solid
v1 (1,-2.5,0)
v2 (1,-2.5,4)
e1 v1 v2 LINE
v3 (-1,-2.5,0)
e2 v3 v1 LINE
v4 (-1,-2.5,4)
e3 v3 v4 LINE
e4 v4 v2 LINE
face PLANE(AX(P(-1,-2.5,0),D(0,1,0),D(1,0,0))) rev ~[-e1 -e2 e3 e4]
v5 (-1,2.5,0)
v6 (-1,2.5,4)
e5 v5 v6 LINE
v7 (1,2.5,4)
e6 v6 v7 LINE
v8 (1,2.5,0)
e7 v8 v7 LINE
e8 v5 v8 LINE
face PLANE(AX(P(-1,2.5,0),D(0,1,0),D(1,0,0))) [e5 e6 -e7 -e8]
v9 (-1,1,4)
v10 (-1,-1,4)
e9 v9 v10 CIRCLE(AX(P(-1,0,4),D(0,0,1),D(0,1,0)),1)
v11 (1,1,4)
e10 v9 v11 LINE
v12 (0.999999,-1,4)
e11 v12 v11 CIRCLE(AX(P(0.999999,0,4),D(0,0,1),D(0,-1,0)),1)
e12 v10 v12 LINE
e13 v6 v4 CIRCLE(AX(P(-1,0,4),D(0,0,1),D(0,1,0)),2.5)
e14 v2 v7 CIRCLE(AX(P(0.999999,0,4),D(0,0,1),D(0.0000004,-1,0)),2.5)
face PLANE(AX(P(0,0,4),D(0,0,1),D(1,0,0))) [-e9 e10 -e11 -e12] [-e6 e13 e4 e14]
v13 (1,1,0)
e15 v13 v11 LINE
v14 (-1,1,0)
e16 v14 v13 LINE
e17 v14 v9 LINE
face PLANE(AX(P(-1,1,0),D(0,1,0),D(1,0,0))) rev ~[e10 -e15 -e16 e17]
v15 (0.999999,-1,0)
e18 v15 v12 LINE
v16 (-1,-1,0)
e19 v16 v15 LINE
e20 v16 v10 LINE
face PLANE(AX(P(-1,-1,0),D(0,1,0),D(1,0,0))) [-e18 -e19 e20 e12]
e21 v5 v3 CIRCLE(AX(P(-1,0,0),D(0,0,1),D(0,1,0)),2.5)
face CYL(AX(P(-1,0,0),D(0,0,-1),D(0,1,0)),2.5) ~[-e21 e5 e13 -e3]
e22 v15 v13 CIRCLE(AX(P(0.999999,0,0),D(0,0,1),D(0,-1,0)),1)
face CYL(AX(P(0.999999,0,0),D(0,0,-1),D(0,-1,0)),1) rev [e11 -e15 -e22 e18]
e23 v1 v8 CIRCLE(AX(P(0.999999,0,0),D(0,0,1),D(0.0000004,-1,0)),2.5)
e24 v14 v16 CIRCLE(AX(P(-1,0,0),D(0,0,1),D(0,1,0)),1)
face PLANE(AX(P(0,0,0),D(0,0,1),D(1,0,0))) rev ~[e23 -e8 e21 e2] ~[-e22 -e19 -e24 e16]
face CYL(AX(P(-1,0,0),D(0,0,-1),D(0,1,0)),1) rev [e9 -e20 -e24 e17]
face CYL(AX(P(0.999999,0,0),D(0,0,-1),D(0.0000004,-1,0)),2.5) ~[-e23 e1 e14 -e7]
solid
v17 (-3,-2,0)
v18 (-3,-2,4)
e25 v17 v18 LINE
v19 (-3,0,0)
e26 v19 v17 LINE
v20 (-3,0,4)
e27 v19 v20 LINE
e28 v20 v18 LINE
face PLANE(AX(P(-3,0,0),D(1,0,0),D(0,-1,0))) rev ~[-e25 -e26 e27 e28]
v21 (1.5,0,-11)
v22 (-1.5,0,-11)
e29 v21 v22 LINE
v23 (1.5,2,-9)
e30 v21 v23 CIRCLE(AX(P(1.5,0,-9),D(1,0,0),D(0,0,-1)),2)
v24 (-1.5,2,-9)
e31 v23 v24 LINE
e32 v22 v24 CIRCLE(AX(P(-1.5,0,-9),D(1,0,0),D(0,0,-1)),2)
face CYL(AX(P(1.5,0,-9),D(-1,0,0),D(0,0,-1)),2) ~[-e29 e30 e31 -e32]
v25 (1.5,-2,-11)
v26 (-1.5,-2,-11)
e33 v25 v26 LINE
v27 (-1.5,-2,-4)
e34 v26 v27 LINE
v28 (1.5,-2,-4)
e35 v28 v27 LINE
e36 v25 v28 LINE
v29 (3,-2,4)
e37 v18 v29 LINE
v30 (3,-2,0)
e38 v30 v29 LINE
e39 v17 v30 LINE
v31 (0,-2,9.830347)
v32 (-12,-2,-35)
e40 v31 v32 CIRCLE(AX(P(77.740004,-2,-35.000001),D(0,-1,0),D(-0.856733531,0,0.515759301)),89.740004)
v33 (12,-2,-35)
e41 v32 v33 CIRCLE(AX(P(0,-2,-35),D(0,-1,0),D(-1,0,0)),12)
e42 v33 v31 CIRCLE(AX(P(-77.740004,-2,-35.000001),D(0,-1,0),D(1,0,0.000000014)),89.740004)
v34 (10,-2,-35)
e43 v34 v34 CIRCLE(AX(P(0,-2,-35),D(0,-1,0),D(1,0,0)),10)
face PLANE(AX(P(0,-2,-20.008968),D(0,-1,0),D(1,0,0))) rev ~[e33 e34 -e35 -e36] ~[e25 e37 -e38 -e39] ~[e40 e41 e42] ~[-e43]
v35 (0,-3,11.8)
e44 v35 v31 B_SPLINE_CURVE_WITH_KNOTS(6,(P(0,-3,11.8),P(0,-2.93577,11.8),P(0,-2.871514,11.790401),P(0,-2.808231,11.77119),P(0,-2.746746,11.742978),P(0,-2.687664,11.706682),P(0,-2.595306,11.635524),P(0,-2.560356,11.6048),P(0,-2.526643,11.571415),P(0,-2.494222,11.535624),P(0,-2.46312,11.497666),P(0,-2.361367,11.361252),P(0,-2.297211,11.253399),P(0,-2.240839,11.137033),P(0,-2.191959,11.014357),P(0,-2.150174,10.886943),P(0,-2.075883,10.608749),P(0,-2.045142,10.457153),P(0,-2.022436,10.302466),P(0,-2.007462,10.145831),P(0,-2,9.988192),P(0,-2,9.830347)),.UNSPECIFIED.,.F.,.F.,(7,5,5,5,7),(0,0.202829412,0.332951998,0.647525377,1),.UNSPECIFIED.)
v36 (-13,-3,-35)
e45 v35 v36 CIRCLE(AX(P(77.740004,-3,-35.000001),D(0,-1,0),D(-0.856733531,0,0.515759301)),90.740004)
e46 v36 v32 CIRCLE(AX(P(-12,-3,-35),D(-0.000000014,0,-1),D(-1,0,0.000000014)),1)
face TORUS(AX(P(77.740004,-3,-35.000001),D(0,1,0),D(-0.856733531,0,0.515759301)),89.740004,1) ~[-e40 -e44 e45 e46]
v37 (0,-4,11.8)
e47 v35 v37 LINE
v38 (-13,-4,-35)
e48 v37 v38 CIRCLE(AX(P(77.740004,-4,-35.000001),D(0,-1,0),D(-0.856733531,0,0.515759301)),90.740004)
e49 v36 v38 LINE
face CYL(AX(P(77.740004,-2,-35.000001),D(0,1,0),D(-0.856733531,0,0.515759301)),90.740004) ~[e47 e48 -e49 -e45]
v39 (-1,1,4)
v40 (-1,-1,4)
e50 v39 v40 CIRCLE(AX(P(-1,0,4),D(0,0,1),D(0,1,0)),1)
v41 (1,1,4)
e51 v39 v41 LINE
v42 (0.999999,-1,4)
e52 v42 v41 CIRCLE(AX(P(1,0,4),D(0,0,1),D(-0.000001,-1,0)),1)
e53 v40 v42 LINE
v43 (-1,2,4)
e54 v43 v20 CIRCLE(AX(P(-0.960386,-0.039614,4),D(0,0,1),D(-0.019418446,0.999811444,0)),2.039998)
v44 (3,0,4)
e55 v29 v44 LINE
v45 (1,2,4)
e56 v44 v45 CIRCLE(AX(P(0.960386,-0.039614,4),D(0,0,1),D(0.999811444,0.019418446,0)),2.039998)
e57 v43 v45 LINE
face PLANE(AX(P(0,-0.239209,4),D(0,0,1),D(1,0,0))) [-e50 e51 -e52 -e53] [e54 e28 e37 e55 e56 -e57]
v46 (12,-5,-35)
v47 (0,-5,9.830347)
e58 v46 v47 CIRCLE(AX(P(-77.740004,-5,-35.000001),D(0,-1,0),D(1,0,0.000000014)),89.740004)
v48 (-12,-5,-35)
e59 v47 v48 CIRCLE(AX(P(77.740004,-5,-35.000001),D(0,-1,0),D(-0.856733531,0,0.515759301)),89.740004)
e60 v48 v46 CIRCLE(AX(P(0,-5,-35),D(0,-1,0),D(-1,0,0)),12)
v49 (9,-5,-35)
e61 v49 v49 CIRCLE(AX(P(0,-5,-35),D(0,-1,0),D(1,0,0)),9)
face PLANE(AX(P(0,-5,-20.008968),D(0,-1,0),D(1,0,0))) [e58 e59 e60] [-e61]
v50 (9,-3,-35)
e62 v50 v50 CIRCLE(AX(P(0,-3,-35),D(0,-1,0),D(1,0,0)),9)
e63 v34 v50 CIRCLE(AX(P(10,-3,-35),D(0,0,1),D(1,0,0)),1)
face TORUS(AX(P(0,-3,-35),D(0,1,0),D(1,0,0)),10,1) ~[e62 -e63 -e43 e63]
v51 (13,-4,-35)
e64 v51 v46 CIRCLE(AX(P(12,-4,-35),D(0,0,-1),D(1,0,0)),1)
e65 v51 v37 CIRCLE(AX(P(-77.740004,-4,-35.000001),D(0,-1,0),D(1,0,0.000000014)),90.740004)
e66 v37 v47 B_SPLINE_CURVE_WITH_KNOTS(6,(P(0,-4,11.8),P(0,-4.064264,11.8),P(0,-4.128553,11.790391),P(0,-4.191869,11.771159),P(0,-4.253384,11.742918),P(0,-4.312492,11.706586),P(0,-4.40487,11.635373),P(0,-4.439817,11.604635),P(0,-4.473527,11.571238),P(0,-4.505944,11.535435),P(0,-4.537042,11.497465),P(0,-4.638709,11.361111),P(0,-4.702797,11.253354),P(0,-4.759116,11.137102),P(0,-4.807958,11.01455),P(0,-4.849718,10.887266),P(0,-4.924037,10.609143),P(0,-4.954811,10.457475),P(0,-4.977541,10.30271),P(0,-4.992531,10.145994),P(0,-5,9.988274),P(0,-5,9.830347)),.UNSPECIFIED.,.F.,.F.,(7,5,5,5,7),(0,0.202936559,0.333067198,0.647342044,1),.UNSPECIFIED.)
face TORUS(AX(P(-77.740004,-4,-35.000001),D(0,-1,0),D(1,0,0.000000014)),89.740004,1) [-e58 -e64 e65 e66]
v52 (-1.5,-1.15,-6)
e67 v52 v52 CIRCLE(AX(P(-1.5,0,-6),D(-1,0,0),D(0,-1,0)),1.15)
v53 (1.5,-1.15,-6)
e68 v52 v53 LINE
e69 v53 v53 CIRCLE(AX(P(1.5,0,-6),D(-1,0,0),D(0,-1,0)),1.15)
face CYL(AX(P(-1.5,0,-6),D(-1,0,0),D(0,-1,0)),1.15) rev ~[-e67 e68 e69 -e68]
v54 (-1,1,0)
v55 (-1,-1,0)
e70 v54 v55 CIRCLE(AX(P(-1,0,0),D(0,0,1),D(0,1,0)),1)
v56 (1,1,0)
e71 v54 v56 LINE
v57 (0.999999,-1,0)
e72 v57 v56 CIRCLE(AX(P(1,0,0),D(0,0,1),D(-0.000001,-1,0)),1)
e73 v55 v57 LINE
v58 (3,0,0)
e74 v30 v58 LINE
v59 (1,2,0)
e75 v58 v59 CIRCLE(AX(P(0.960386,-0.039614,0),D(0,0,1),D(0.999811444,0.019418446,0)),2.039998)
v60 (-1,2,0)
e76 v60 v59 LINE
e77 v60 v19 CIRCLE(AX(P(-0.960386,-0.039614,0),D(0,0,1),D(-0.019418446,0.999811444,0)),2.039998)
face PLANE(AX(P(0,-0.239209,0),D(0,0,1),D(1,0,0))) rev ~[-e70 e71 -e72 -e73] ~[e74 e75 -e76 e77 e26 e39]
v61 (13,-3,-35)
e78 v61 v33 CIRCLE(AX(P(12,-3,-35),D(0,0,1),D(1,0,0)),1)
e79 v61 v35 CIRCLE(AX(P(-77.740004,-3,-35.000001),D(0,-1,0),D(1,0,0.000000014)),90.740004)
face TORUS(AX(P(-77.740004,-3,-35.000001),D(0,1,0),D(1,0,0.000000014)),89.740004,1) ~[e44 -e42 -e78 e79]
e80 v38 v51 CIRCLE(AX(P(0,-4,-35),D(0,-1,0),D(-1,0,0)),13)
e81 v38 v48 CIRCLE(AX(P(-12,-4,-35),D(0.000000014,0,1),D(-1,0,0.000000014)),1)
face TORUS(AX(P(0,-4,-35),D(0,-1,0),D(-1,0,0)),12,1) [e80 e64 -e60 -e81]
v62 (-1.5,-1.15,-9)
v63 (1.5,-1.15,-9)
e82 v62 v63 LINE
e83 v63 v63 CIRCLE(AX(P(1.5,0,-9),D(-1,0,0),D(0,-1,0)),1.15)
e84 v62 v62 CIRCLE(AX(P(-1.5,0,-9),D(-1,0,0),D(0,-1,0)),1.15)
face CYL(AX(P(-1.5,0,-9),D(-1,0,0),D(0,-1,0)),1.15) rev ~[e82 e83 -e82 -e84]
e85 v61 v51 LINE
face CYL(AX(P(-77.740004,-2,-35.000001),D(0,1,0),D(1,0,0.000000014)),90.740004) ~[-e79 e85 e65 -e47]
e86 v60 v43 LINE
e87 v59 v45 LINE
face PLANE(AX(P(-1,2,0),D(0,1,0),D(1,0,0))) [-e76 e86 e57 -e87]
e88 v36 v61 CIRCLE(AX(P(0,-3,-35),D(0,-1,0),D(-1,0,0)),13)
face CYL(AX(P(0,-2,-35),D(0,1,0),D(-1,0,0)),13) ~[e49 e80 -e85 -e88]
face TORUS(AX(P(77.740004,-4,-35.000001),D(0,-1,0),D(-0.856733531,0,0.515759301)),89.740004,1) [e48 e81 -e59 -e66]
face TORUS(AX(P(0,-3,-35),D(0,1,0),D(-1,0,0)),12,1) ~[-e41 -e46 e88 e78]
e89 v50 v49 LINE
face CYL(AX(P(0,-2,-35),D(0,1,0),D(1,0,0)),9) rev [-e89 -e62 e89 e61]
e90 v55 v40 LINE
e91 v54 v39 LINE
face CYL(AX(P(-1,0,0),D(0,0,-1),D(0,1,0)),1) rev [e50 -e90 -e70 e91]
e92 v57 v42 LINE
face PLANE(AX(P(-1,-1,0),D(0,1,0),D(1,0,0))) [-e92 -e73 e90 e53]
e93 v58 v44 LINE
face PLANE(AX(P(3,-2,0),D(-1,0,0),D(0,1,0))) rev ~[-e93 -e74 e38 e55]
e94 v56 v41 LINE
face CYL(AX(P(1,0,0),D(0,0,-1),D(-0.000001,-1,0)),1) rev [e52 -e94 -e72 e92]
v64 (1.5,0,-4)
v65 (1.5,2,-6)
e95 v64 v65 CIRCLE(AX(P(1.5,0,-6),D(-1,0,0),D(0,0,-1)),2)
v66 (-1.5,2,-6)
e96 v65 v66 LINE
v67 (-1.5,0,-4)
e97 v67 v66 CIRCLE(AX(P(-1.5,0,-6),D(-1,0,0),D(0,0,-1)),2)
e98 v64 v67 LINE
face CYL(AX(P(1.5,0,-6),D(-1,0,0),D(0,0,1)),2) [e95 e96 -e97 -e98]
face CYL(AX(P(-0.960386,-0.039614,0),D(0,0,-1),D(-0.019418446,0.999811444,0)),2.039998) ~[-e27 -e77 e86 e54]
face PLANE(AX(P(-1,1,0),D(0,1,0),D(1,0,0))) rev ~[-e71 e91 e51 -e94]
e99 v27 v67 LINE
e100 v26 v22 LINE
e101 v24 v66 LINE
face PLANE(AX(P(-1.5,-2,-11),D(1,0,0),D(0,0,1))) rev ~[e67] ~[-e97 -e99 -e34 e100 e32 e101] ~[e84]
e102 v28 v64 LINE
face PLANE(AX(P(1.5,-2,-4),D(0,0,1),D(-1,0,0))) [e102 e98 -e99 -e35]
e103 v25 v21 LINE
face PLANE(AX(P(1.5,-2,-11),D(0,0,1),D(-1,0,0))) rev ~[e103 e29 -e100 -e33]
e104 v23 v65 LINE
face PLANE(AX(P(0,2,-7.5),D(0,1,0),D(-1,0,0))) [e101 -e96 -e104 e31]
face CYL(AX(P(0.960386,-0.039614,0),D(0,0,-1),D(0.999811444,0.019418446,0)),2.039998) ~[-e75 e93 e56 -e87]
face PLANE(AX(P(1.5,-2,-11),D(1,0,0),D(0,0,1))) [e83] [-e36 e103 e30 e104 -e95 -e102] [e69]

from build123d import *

# Parameters (mm, degrees)
PAD_DEPTH    = 4
PAD001_DEPTH = 4
SKETCH002_R  = 9
PAD002_DEPTH = 3
SKETCH005_W  = 3
SKETCH005_H  = 7
PAD003_DEPTH = 4
FILLET_R     = 1
FILLET001_R  = 2
SKETCH004_R  = 1.15
POCKET_DEPTH = 5


with BuildPart() as squeezebody:
    # Sketch → Pad (new body)
    with BuildSketch(Plane.XY):
        with BuildLine():
            ThreePointArc((-1, 2.5), (-3.5, 0), (-1, -2.5))
            Line((-1, -2.5), (1, -2.5))
            ThreePointArc((1, -2.5), (3.499999, 0), (1, 2.5))
            Line((-1, 2.5), (1, 2.5))
        make_face()
        with BuildLine():
            ThreePointArc((-1, 1), (-2, 0), (-1, -1))
            Line((-1, -1), (0.999999, -1))
            ThreePointArc((0.999999, -1), (1.999999, 0), (1, 1))
            Line((-1, 1), (1, 1))
        make_face(mode=Mode.SUBTRACT)
    extrude(amount=PAD_DEPTH)


with BuildPart() as endinsultaorbody:
    # Sketch001 → Pad001 (new body)
    with BuildSketch(Plane.XY):
        with BuildLine():
            ThreePointArc((-1, 2), (-2.402883, 1.402883), (-3, 0))
            Line((-3, 0), (-3, -2))
            Line((-3, -2), (3, -2))
            Line((3, -2), (3, 0))
            ThreePointArc((3, 0), (2.402883, 1.402883), (1, 2))
            Line((-1, 2), (1, 2))
        make_face()
        with BuildLine():
            ThreePointArc((-1, 1), (-2, 0), (-1, -1))
            Line((-1, -1), (0.999999, -1))
            ThreePointArc((0.999999, -1), (2, 0), (1, 1))
            Line((-1, 1), (1, 1))
        make_face(mode=Mode.SUBTRACT)
    extrude(amount=PAD001_DEPTH)

    # Sketch002 → Pad002 (join)
    with BuildSketch(Plane.XZ.offset(2)):
        with BuildLine():
            ThreePointArc((-13, -35), (0, -48), (13, -35))
            ThreePointArc((13, -35), (9.689615, -10.713996), (0, 11.8))
            ThreePointArc((0, 11.8), (-9.689615, -10.713996), (-13, -35))
        make_face()
        with Locations((0, -35)):
            Circle(SKETCH002_R, mode=Mode.SUBTRACT)
    extrude(amount=PAD002_DEPTH)

    # Sketch005 (on Face4 of Pad002) → Pad003 (join)
    with BuildSketch(Plane(origin=(0, -2, 0), x_dir=(-1, 0, 0), z_dir=(0, 1, 0))):
        with Locations((0, -7.5)):
            Rectangle(SKETCH005_W, SKETCH005_H)
    extrude(amount=PAD003_DEPTH)

    # Fillet
    fillet_edges = [endinsultaorbody.edges().sort_by_distance(p)[0] for p in [
        (-9.689615, -2, -10.713996),
        (9.689615, -2, -10.713996),
        (0, -2, -48),
        (-9, -2, -35),
        (9.689615, -5, -10.713996),
        (0, -5, -48),
        (-9.689615, -5, -10.713996),
    ]]
    fillet(fillet_edges, radius=FILLET_R)

    # Fillet001
    fillet001_edges = [endinsultaorbody.edges().sort_by_distance(p)[0] for p in [
        (0, 2, -11),
        (0, 2, -4),
    ]]
    fillet(fillet001_edges, radius=FILLET001_R)

    # Sketch004 → Pocket (cut)
    with BuildSketch(Plane(origin=(-1.5, 0, 0), x_dir=(0, -1, 0), z_dir=(-1, 0, 0))):
        with Locations((0, -6)):
            Circle(SKETCH004_R)
        with Locations((0, -9)):
            Circle(SKETCH004_R)
    extrude(amount=-POCKET_DEPTH, mode=Mode.SUBTRACT)


solid = Compound([squeezebody.part, endinsultaorbody.part])
